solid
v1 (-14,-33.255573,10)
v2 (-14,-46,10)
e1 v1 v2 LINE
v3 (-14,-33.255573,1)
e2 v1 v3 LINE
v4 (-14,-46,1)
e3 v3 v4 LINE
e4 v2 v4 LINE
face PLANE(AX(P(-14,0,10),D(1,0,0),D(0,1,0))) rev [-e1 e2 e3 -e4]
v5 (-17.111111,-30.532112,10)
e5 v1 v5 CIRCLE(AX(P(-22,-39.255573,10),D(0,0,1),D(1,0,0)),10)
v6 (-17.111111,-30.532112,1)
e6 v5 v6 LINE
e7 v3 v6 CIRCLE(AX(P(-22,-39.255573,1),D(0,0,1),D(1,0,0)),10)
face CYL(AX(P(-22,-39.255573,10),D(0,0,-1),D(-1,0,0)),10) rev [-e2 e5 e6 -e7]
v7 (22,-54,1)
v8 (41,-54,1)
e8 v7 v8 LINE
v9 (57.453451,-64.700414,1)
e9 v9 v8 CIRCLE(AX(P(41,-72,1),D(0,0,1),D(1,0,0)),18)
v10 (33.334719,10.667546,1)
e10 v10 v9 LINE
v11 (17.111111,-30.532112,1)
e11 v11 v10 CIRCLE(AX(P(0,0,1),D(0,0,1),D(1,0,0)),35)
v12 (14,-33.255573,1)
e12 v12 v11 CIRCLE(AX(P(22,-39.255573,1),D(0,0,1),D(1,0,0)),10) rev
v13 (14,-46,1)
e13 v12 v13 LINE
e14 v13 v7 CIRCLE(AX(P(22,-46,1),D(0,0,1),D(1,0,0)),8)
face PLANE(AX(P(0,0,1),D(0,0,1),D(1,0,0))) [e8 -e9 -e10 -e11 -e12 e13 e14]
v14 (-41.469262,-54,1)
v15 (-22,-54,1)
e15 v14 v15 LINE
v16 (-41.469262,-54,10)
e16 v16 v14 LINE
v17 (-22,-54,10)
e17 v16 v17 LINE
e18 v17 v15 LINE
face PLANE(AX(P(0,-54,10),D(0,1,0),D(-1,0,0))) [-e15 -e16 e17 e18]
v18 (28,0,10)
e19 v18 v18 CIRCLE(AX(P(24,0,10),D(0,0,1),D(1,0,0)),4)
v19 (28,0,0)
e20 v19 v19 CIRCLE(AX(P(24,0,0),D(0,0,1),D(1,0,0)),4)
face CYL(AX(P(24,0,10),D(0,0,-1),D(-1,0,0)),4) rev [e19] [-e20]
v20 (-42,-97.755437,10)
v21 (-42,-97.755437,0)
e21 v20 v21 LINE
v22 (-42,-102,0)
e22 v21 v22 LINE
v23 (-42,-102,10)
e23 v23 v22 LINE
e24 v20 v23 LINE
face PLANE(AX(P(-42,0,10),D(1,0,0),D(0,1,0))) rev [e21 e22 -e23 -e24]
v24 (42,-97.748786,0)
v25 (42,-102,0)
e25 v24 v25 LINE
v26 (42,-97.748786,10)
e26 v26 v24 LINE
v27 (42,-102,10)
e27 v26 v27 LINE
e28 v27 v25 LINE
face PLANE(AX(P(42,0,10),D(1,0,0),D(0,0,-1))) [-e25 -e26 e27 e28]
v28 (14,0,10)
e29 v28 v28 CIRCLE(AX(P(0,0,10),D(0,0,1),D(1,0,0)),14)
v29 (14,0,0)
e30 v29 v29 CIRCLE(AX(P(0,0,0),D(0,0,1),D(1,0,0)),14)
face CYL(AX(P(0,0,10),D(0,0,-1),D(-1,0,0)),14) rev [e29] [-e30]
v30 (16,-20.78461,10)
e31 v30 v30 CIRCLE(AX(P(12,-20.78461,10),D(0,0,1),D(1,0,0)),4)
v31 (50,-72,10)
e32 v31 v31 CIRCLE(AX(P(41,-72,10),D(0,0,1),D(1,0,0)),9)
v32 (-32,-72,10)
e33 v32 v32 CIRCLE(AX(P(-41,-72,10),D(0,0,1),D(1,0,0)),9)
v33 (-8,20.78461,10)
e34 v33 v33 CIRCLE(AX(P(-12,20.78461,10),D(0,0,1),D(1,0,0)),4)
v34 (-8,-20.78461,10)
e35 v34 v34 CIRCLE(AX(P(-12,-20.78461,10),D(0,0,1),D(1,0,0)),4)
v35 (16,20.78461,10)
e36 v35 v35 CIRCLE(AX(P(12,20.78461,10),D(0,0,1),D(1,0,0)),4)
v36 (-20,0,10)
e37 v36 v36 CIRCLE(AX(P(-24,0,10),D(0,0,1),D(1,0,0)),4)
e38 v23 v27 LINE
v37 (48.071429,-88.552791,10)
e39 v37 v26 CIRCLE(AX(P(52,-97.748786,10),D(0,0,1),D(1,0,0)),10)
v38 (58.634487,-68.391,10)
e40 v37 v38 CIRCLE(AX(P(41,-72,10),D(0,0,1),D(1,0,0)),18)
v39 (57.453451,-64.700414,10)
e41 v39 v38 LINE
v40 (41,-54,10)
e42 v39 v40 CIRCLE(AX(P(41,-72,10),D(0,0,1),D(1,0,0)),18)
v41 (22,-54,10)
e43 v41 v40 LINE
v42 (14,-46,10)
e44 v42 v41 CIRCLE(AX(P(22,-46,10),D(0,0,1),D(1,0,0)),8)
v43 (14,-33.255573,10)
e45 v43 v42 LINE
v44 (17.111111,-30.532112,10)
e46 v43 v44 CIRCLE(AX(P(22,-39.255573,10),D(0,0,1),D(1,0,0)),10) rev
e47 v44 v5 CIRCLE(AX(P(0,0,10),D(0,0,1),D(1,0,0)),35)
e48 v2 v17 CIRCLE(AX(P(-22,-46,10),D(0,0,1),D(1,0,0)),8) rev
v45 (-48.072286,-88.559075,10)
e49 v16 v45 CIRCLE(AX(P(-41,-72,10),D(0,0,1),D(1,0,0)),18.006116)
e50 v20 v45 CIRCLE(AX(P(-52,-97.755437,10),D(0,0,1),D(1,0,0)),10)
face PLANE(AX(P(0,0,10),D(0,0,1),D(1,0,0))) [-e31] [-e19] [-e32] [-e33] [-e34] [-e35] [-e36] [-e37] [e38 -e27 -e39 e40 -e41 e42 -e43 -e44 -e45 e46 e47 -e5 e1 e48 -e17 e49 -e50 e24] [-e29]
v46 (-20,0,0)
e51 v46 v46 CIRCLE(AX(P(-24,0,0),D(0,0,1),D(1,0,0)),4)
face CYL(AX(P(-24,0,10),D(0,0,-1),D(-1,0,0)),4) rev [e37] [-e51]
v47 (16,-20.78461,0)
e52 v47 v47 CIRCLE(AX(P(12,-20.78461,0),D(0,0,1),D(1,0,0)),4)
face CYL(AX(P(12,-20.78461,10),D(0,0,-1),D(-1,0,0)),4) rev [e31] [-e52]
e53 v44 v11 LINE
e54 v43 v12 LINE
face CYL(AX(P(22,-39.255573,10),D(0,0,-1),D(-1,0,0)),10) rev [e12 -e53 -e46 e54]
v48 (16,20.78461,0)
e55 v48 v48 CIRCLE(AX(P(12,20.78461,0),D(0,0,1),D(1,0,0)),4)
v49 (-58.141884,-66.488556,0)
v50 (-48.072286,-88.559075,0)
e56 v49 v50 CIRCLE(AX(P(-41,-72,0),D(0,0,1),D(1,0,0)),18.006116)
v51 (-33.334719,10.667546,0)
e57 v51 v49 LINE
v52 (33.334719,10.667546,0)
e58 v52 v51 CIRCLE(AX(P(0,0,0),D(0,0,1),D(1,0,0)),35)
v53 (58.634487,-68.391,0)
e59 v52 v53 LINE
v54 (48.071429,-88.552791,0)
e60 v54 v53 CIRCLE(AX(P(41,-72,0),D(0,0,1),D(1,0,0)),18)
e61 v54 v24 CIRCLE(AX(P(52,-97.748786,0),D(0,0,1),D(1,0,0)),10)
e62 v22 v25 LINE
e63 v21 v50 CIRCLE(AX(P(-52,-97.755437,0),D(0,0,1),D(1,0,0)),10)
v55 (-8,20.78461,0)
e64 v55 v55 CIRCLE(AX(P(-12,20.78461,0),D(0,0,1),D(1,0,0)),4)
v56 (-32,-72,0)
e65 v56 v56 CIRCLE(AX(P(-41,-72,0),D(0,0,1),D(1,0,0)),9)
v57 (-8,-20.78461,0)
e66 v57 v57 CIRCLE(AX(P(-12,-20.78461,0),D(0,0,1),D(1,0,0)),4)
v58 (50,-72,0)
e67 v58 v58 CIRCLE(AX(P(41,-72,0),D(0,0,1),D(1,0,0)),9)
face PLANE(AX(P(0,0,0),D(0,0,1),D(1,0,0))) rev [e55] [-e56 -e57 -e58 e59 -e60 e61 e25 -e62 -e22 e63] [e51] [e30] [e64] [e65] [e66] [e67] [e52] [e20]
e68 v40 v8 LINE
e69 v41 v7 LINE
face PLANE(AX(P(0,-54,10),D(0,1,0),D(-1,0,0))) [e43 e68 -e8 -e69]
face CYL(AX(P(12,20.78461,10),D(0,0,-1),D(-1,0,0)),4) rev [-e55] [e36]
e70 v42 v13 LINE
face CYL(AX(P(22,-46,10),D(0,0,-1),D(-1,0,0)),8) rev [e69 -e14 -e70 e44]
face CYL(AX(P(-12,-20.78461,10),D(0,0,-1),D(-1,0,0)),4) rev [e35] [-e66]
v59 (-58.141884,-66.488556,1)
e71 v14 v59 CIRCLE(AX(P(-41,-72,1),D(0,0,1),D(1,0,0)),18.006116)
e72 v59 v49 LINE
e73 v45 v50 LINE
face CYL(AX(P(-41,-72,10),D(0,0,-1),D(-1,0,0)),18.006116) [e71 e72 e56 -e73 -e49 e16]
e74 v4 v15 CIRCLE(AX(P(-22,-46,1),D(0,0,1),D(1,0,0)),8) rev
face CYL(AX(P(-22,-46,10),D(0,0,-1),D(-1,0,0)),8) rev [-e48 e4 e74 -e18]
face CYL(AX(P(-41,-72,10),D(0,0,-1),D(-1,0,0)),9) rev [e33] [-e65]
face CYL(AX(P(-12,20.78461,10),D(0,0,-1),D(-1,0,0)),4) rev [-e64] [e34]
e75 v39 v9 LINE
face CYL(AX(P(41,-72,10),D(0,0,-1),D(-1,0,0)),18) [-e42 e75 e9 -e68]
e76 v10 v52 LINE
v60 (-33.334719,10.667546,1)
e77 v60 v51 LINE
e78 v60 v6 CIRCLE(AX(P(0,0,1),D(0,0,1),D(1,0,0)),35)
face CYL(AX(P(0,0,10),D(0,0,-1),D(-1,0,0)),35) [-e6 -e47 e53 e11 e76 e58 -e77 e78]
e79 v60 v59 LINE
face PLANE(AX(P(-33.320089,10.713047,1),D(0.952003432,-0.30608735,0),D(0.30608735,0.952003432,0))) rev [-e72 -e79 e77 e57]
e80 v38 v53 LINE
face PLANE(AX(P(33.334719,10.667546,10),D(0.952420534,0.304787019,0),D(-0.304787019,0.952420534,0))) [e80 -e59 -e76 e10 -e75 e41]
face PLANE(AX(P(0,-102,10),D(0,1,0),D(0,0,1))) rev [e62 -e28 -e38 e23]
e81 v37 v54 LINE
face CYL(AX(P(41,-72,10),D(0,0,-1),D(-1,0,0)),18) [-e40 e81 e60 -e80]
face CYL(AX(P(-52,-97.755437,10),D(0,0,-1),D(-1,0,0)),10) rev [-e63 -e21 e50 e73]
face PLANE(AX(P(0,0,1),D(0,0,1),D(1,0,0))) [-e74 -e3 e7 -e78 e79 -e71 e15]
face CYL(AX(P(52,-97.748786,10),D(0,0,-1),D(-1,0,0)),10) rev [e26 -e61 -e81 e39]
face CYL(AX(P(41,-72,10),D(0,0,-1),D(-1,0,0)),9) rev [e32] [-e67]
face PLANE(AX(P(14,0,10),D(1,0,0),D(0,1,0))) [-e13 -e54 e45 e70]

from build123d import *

# Parameters (mm, degrees)
SKETCH1_R           = 9
SKETCH1_R_2         = 4
SKETCH1_R_3         = 14
BOSS_EXTRUDE1_DEPTH = 10
BOSS_EXTRUDE2_DEPTH = 1


with BuildPart() as part:
    # Sketch1 → Boss-Extrude1 (new body)
    with BuildSketch(Plane.XY):
        with BuildLine():
            Line((-22, -54), (-41.469262149, -54))
            ThreePointArc((-41.469262149, -54), (-58.686185522, -68.620791716), (-48.072286471, -88.559075187))
            ThreePointArc((-48.072286471, -88.559075187), (-43.655027403, -92.245315871), (-42, -97.755436773))
            Line((-42, -97.755436773), (-42, -102))
            Line((-42, -102), (42, -102))
            Line((42, -102), (42, -97.748786379))
            ThreePointArc((42, -97.748786379), (43.654770396, -92.239054729), (48.071428571, -88.552791244))
            ThreePointArc((48.071428571, -88.552791244), (56.944278467, -80.353441457), (58.634486701, -68.391000304))
            Line((58.634486701, -68.391000304), (57.453450889, -64.700414132))
            ThreePointArc((57.453450889, -64.700414132), (50.813446244, -56.910391893), (41, -54))
            Line((41, -54), (22, -54))
            ThreePointArc((22, -54), (16.343145751, -51.656854249), (14, -46))
            Line((14, -46), (14, -33.255572853))
            ThreePointArc((14, -33.255572853), (15.413257736, -31.731290406), (17.111111111, -30.532112219))
            ThreePointArc((17.111111111, -30.532112219), (0, 35), (-17.111111111, -30.532112219))
            ThreePointArc((-17.111111111, -30.532112219), (-15.413257736, -31.731290406), (-14, -33.255572853))
            Line((-14, -33.255572853), (-14, -46))
            ThreePointArc((-14, -46), (-16.343145751, -51.656854249), (-22, -54))
        make_face()
        with Locations((-41, -72)):
            Circle(SKETCH1_R, mode=Mode.SUBTRACT)
        with Locations((41, -72)):
            Circle(SKETCH1_R, mode=Mode.SUBTRACT)
        with Locations((12, 20.784609691)):
            Circle(SKETCH1_R_2, mode=Mode.SUBTRACT)
        with Locations((-12, -20.784609691)):
            Circle(SKETCH1_R_2, mode=Mode.SUBTRACT)
        with Locations((-24, 0)):
            Circle(SKETCH1_R_2, mode=Mode.SUBTRACT)
        with Locations((-12, 20.784609691)):
            Circle(SKETCH1_R_2, mode=Mode.SUBTRACT)
        with Locations((12, -20.784609691)):
            Circle(SKETCH1_R_2, mode=Mode.SUBTRACT)
        Circle(SKETCH1_R_3, mode=Mode.SUBTRACT)
        with Locations((24, 0)):
            Circle(SKETCH1_R_2, mode=Mode.SUBTRACT)
    extrude(amount=BOSS_EXTRUDE1_DEPTH)

    # Sketch1<3> → Boss-Extrude2 (add)
    with BuildSketch(Plane.XY):
        with BuildLine():
            ThreePointArc((-58.141884058, -66.488555733), (-51.79486562, -57.58850864), (-41.469262149, -54))
            Line((-41.469262149, -54), (-22, -54))
            ThreePointArc((-22, -54), (-16.343145751, -51.656854249), (-14, -46))
            Line((-14, -46), (-14, -33.255572853))
            ThreePointArc((-14, -33.255572853), (-15.413257736, -31.731290406), (-17.111111111, -30.532112219))
            ThreePointArc((-17.111111111, -30.532112219), (-32.56606191, -12.823868827), (-33.334718679, 10.667545668))
            Line((-33.334718679, 10.667545668), (-58.141884058, -66.488555733))
        make_face()
        with BuildLine():
            Line((57.453450889, -64.700414132), (33.334718679, 10.667545668))
            ThreePointArc((33.334718679, 10.667545668), (32.56606191, -12.823868827), (17.111111111, -30.532112219))
            ThreePointArc((17.111111111, -30.532112219), (15.413257736, -31.731290406), (14, -33.255572853))
            Line((14, -33.255572853), (14, -46))
            ThreePointArc((14, -46), (16.343145751, -51.656854249), (22, -54))
            Line((22, -54), (41, -54))
            ThreePointArc((41, -54), (50.813446244, -56.910391893), (57.453450889, -64.700414132))
        make_face()
    extrude(amount=BOSS_EXTRUDE2_DEPTH)


solid = part.part
